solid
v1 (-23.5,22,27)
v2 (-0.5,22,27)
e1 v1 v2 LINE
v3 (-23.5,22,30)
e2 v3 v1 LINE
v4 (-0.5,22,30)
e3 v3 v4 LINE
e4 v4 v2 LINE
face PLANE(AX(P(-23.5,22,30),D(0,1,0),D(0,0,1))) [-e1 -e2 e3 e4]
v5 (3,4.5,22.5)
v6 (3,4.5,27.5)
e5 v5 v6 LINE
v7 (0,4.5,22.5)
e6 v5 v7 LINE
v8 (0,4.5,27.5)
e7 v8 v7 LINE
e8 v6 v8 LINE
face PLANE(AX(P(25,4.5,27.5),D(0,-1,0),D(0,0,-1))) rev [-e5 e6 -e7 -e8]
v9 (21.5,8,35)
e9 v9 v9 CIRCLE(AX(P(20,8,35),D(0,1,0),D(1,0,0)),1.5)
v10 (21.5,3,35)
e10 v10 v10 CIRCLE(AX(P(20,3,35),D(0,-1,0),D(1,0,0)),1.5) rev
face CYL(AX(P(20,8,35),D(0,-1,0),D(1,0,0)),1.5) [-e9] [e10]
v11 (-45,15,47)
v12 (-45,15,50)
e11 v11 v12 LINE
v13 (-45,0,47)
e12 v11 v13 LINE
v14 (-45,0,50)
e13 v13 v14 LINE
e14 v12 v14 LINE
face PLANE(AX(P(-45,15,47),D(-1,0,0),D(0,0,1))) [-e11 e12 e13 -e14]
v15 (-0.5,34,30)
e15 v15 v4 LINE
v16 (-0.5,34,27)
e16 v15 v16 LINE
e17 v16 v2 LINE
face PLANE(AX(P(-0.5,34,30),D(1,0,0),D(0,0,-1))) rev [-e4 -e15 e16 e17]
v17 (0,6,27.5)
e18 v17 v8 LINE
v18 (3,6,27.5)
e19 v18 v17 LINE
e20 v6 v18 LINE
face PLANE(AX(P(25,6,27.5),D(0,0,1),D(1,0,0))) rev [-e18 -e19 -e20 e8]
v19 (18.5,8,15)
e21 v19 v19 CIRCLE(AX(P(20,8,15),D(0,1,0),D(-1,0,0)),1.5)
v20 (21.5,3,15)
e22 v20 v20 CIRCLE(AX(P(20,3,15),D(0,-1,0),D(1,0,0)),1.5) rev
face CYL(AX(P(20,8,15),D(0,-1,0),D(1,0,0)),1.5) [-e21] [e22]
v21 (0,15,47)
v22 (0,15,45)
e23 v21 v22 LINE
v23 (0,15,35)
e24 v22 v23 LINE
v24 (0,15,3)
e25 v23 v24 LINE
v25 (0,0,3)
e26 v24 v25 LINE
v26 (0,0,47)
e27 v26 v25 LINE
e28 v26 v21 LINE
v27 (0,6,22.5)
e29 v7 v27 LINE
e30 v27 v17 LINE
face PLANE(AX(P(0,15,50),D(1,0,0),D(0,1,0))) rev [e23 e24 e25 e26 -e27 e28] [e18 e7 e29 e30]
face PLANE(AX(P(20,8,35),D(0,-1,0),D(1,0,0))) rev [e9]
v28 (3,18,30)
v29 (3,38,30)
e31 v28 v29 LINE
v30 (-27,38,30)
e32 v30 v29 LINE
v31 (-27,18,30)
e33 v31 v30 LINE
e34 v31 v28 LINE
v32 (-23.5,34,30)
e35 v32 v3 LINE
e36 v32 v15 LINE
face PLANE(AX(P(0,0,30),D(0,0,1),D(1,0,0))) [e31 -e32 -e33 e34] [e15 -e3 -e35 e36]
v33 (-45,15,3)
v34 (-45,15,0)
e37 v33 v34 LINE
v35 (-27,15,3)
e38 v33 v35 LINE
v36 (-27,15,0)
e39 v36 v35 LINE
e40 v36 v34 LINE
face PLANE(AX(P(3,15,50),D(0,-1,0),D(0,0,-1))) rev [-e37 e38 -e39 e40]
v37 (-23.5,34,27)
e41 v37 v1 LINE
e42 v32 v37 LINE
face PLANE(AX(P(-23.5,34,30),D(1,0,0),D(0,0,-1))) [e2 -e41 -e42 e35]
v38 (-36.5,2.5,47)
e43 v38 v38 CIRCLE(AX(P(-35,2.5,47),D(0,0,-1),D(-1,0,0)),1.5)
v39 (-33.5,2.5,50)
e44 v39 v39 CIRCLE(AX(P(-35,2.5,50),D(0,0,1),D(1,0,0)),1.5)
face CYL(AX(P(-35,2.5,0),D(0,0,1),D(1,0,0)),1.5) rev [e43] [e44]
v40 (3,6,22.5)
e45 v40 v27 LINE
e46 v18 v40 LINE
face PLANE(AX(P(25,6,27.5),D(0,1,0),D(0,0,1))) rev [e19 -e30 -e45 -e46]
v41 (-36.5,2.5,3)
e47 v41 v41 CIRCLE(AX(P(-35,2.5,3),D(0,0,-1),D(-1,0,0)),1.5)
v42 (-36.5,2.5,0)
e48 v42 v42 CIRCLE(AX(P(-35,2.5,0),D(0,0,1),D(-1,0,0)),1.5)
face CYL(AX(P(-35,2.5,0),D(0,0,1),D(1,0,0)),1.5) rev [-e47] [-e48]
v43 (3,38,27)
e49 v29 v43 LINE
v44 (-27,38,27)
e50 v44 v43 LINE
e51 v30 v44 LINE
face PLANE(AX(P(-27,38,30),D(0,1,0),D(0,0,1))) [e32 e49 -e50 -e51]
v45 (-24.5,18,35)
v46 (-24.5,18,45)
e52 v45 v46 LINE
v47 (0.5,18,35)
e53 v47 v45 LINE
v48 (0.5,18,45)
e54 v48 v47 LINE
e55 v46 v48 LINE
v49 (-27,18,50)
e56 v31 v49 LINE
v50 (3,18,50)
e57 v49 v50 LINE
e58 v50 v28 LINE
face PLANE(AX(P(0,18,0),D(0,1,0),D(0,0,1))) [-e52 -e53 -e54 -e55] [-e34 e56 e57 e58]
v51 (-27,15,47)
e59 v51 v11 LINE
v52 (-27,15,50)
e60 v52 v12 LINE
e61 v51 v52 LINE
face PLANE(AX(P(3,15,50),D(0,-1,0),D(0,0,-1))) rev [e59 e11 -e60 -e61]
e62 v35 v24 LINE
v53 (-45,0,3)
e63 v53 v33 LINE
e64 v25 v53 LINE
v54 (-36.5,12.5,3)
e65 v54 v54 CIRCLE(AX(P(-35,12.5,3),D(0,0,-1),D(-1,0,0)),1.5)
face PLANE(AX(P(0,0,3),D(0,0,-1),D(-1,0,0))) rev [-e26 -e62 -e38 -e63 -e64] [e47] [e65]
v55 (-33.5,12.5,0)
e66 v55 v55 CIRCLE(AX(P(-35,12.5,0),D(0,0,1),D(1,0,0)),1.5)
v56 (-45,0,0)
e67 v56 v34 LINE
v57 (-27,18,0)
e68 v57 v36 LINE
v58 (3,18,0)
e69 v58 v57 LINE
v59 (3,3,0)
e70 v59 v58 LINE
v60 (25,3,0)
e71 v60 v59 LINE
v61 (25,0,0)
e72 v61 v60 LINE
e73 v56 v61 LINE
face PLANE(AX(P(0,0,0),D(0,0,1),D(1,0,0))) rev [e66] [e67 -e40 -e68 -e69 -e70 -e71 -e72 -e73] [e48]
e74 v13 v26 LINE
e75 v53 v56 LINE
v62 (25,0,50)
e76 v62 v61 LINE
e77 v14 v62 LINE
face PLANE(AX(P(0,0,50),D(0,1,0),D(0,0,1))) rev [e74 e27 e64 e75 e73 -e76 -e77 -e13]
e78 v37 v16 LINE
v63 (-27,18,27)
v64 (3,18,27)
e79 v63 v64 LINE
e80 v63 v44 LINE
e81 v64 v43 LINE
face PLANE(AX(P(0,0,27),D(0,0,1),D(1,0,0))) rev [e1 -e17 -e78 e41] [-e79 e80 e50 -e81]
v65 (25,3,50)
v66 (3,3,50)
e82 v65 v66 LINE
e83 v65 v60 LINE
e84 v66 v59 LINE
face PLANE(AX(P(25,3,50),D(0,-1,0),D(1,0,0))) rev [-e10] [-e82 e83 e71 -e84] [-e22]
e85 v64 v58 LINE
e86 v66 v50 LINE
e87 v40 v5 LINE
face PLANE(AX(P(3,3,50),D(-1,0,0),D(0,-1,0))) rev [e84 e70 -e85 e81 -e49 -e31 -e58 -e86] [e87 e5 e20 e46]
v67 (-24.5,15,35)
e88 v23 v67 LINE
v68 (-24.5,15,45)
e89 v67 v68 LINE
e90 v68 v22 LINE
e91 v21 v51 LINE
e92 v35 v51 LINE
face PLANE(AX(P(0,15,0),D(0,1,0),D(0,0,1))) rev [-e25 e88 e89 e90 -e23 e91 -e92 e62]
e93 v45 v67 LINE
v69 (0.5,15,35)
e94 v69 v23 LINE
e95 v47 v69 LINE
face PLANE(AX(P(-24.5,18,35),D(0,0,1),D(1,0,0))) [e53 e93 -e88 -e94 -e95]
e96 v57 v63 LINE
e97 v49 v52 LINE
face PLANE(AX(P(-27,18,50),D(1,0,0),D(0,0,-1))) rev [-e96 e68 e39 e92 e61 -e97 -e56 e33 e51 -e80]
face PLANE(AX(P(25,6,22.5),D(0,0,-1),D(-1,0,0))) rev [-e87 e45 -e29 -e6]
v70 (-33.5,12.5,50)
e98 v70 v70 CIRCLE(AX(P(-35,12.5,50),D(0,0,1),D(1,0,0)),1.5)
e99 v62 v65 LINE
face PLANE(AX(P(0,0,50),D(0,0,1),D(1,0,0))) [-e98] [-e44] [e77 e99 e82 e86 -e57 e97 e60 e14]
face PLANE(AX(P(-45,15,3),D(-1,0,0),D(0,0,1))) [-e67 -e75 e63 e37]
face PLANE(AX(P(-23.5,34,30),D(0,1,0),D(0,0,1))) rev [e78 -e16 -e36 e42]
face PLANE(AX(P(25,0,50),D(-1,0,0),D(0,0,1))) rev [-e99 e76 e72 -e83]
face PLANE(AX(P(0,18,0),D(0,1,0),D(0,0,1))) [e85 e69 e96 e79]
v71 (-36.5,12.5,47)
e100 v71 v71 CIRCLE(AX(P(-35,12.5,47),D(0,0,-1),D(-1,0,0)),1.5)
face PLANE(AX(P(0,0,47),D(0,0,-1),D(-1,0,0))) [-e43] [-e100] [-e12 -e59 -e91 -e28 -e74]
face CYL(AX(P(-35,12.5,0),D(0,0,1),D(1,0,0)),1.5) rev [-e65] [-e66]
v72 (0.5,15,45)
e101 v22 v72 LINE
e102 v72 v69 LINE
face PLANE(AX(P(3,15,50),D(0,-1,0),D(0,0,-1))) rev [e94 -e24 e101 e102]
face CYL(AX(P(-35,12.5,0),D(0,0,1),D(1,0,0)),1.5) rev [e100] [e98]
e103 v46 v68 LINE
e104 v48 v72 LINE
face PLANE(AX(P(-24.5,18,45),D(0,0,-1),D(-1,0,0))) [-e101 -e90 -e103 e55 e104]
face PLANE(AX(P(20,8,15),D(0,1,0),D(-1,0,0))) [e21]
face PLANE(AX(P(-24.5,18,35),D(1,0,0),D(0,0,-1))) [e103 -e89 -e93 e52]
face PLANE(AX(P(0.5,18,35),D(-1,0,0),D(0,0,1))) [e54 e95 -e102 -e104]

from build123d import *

# Parameters (mm, degrees)
BOSS_EXTRUDE1_DEPTH     = 50
SKETCH2_R               = 1.5
BOSS_EXTRUDE2_DEPTH     = 5
SKETCH3_W               = 5
SKETCH3_H               = 1.5
CUT_EXTRUDE1_DEPTH      = 58.879184514
CUT_EXTRUDE1_DEPTH_BACK = 58.879184514
SKETCH4_W               = 45
SKETCH4_H               = 15
BOSS_EXTRUDE3_DEPTH     = 3
SKETCH5_W               = 45
SKETCH5_H               = 15
BOSS_EXTRUDE4_DEPTH     = 3
SKETCH6_R               = 1.5
CUT_EXTRUDE2_DEPTH      = 69.92024376
CUT_EXTRUDE2_DEPTH_BACK = 69.92024376
SKETCH8_W               = 30
SKETCH8_H               = 50
SKETCH8_W_2             = 25
SKETCH8_H_2             = 10
BOSS_EXTRUDE7_DEPTH     = 3
SERVO_MOUNT_DEPTH       = 3


with BuildPart() as part:
    # Sketch1 → Boss-Extrude1 (new body)
    with BuildSketch(Plane.XY):
        Polygon((0, 0), (25, 0), (25, 3), (3, 3), (3, 15), (0, 15), align=None)
    extrude(amount=BOSS_EXTRUDE1_DEPTH)

    # Sketch2 → Boss-Extrude2 (add)
    with BuildSketch(Plane(origin=(0, 3, 0), x_dir=(1, 0, 0), z_dir=(0, 1, 0))):
        with Locations((20, -15)):
            Circle(SKETCH2_R)
        with Locations((20, -35)):
            Circle(SKETCH2_R)
    extrude(amount=BOSS_EXTRUDE2_DEPTH)

    # Sketch3 → Cut-Extrude1 (cut, two sides)
    with BuildSketch(Plane.ZY) as cut_extrude1_sk:
        with Locations((25, 5.25)):
            Rectangle(SKETCH3_W, SKETCH3_H)
    extrude(amount=CUT_EXTRUDE1_DEPTH, mode=Mode.SUBTRACT)
    extrude(cut_extrude1_sk.sketch, amount=-CUT_EXTRUDE1_DEPTH_BACK, mode=Mode.SUBTRACT)

    # Sketch4 → Boss-Extrude3 (add)
    with BuildSketch(Plane(origin=(0, 0, 0), x_dir=(-1, 0, 0), z_dir=(0, 0, -1))):
        with Locations((22.5, 7.5)):
            Rectangle(SKETCH4_W, SKETCH4_H)
    extrude(amount=-BOSS_EXTRUDE3_DEPTH)

    # Sketch5 → Boss-Extrude4 (add)
    with BuildSketch(Plane.XY.offset(50)):
        with Locations((-22.5, 7.5)):
            Rectangle(SKETCH5_W, SKETCH5_H)
    extrude(amount=-BOSS_EXTRUDE4_DEPTH)

    # Sketch6 → Cut-Extrude2 (cut, two sides)
    with BuildSketch(Plane.XY.offset(50)) as cut_extrude2_sk:
        with Locations((-35, 12.5)):
            Circle(SKETCH6_R)
        with Locations((-35, 2.5)):
            Circle(SKETCH6_R)
    extrude(amount=CUT_EXTRUDE2_DEPTH, mode=Mode.SUBTRACT)
    extrude(cut_extrude2_sk.sketch, amount=-CUT_EXTRUDE2_DEPTH_BACK, mode=Mode.SUBTRACT)

    # Sketch8 → Boss-Extrude7 (add)
    with BuildSketch(Plane(origin=(0, 15, 0), x_dir=(1, 0, 0), z_dir=(0, 1, 0))):
        with Locations((-12, -25)):
            Rectangle(SKETCH8_W, SKETCH8_H)
        with Locations((-12, -40)):
            Rectangle(SKETCH8_W_2, SKETCH8_H_2, mode=Mode.SUBTRACT)
    extrude(amount=BOSS_EXTRUDE7_DEPTH)

    # 3DSketch1 → servo mount (add)
    with BuildSketch(Plane(origin=(-27, 18, 30), x_dir=(0.8320502943378437, 0.5547001962252291, 0), z_dir=(0, 0, -1))):
        Polygon((0, 0), (24.96150883, 16.641005887), (36.055512755, 0), (11.094003925, -16.641005887), align=None)
        Polygon((11.78737917, -11.371354023), (30.92453594, 1.386750491), (24.268133585, 11.371354023), (5.130976815, -1.386750491), align=None, mode=Mode.SUBTRACT)
    extrude(amount=SERVO_MOUNT_DEPTH)


solid = part.part
